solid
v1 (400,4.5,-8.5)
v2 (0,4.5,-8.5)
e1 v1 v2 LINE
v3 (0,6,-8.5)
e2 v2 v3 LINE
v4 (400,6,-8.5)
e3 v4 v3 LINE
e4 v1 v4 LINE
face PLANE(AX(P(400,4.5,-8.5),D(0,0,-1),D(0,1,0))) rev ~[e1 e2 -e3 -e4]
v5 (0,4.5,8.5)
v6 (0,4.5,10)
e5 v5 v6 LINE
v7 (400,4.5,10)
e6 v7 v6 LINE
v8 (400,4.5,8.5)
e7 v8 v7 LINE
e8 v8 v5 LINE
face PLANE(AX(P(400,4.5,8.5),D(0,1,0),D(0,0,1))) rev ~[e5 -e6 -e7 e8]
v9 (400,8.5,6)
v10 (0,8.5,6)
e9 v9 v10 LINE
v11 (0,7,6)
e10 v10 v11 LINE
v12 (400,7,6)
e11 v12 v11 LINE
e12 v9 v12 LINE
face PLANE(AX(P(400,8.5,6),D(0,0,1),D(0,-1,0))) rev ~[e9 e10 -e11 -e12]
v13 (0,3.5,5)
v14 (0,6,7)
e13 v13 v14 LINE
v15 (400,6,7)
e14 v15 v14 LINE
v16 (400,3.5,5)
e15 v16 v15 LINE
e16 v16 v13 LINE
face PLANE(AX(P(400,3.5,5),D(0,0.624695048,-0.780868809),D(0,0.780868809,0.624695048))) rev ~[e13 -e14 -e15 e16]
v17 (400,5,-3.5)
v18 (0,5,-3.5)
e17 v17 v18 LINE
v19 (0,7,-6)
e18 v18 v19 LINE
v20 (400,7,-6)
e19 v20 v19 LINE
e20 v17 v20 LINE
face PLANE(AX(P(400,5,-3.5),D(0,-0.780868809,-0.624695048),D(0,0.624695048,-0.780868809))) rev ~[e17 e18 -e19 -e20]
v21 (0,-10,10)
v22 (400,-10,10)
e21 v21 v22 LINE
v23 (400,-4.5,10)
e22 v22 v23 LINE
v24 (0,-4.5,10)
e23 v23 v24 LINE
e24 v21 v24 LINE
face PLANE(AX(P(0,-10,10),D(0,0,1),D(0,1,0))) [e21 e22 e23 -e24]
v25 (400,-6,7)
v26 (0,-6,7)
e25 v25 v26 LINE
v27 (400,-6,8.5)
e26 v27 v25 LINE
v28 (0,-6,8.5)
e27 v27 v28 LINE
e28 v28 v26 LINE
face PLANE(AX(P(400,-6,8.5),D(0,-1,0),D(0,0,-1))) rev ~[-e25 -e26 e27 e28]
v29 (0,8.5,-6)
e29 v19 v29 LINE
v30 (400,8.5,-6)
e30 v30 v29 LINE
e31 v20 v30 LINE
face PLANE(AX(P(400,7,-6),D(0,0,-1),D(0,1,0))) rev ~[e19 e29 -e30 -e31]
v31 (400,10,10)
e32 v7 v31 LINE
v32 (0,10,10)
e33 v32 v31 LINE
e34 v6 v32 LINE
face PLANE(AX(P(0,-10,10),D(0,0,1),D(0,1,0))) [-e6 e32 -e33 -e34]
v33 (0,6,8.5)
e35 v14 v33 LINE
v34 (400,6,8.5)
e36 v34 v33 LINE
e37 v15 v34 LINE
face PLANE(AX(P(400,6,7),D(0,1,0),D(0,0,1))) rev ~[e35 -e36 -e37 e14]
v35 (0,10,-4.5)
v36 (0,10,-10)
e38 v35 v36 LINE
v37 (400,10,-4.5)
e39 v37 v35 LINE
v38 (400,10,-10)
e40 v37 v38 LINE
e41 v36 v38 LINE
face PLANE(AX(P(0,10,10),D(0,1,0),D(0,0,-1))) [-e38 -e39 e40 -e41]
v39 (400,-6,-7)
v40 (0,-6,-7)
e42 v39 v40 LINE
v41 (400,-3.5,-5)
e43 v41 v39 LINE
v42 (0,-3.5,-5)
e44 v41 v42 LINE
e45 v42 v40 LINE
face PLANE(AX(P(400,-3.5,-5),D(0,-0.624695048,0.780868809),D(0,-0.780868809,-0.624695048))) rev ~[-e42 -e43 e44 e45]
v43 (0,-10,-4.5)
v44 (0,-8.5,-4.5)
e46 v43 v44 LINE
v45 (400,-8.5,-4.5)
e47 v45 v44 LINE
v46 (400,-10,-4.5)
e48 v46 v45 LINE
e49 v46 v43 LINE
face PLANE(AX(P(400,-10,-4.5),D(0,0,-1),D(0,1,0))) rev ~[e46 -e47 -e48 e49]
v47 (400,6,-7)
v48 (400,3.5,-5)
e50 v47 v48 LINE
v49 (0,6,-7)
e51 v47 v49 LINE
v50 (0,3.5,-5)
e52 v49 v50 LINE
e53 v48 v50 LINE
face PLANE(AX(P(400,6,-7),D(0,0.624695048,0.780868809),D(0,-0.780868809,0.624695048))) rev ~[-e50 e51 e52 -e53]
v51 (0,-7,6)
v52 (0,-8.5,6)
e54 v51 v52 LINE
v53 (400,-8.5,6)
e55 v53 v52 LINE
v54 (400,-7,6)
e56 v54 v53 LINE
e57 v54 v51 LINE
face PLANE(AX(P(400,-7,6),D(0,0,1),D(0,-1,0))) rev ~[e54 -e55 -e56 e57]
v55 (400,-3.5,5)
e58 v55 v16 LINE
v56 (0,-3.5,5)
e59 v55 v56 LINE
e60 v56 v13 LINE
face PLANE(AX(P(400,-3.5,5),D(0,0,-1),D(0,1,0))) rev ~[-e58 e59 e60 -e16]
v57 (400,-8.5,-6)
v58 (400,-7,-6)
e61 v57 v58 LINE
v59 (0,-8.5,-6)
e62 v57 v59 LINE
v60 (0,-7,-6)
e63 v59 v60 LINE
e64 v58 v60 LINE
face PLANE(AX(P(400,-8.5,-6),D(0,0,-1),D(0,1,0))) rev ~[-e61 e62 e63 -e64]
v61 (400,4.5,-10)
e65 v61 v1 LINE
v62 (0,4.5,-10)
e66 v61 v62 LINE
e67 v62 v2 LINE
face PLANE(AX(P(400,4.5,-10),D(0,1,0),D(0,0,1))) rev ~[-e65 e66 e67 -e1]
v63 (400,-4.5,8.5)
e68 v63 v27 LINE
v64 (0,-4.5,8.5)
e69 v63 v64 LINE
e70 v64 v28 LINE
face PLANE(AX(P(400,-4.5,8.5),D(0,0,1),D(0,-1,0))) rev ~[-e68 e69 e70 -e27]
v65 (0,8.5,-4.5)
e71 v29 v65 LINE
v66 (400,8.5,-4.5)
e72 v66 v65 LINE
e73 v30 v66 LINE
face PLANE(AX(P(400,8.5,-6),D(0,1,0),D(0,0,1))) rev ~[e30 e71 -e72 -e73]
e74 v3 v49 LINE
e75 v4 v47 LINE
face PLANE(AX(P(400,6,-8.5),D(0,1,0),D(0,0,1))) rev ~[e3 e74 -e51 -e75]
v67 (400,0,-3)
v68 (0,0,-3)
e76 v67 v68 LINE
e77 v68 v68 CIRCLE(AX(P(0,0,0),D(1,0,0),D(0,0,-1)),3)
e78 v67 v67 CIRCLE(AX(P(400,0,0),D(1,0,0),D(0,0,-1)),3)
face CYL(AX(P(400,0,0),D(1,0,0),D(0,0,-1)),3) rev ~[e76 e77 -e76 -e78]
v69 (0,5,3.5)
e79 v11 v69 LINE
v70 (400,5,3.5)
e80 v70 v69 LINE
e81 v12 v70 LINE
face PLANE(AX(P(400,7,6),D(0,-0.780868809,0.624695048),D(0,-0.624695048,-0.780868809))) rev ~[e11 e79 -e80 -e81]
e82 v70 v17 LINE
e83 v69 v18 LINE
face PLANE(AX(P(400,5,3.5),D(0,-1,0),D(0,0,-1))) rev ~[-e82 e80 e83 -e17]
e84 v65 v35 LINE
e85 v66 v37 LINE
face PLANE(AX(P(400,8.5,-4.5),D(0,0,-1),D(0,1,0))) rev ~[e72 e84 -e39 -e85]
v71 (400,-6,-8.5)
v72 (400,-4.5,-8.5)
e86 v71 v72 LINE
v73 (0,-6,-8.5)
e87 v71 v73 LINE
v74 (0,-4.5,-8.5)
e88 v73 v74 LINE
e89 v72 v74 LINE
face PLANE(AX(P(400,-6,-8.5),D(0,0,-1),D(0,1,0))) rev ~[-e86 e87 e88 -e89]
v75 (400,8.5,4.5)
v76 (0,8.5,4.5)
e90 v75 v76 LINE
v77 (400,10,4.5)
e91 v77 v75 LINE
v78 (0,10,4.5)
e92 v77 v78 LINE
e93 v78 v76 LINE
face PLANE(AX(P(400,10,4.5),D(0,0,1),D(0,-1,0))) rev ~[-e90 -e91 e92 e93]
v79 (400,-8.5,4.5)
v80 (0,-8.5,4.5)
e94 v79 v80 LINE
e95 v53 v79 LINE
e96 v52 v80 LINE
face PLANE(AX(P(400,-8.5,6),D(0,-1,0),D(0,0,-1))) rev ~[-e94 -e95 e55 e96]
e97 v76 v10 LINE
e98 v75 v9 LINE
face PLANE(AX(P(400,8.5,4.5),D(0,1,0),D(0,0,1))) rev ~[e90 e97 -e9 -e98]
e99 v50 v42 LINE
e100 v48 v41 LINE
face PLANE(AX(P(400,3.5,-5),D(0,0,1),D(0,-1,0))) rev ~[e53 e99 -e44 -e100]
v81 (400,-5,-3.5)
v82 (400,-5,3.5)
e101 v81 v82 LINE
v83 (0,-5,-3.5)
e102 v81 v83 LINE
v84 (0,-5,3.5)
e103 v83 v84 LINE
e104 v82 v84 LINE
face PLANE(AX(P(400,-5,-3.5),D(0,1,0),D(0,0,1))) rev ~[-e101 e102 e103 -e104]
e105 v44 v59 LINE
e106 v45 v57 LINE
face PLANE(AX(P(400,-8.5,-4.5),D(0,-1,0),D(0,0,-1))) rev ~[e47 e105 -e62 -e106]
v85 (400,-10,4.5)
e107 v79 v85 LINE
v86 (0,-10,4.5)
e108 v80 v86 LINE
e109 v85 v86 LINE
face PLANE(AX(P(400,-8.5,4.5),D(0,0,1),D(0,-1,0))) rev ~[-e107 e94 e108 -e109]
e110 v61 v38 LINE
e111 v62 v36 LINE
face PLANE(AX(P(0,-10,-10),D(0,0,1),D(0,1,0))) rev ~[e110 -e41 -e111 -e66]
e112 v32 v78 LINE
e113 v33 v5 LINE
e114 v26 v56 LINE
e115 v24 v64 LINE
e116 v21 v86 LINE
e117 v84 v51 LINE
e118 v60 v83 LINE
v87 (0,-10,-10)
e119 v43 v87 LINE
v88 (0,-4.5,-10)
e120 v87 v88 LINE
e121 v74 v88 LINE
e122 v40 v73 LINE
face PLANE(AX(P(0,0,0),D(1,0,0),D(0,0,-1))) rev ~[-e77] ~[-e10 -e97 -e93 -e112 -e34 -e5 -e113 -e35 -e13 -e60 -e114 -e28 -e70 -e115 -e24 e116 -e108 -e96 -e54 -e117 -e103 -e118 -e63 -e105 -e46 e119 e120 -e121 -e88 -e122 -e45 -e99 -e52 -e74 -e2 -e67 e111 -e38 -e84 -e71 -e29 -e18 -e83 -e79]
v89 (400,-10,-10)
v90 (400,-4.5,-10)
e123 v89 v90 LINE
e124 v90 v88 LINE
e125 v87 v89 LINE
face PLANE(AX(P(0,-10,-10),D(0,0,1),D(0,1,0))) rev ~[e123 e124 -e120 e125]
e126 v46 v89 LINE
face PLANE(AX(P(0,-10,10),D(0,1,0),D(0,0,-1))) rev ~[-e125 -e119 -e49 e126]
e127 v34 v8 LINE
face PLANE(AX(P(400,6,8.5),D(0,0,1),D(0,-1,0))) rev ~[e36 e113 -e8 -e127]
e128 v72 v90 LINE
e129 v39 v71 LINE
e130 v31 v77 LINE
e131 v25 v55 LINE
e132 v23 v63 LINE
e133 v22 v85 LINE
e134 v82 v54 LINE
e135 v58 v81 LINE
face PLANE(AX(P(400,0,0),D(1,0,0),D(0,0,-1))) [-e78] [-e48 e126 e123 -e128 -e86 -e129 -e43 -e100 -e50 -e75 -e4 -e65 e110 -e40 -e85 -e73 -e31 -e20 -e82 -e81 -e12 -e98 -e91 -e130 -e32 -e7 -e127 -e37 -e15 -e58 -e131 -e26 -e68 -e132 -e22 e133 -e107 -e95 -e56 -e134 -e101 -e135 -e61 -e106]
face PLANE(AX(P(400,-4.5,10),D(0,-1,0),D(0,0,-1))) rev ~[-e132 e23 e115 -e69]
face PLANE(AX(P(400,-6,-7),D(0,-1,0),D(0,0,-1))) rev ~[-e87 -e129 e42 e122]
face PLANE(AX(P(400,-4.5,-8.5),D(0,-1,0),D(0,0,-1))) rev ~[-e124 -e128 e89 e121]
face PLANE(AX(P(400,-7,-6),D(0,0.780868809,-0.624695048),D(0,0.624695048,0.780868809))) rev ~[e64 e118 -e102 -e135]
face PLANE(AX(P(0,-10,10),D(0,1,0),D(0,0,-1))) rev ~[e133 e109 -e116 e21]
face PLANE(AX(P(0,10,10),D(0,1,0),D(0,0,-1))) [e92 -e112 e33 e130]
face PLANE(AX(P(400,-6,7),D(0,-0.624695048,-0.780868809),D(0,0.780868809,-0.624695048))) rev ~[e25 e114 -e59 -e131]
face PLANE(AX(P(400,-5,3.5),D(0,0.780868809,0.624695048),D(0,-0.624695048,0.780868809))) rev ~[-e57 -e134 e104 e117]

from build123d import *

# Parameters (mm, degrees)
SKETCH1_W           = 20
SKETCH1_H           = 20
BOSS_EXTRUDE1_DEPTH = 400
SKETCH2_R           = 3
CUT_EXTRUDE1_DEPTH  = 401.249921924
CUT_EXTRUDE2_DEPTH  = 401.249921924
CIRPATTERN1_COUNT   = 4


with BuildPart() as part:
    # Sketch1 → Boss-Extrude1 (new body)
    with BuildSketch(Plane(origin=(0, 0, 0), x_dir=(0, 0, -1), z_dir=(1, 0, 0))):
        Rectangle(SKETCH1_W, SKETCH1_H)
    extrude(amount=BOSS_EXTRUDE1_DEPTH)

    # Sketch2 → Cut-Extrude1 (cut, through all)
    with BuildSketch(Plane(origin=(400, 0, 0), x_dir=(0, 0, -1), z_dir=(1, 0, 0))):
        Circle(SKETCH2_R)
    extrude(amount=-CUT_EXTRUDE1_DEPTH, mode=Mode.SUBTRACT)

    # Sketch2<3> → Cut-Extrude2 (cut, through all)
    with BuildSketch(Plane(origin=(400, 0, 0), x_dir=(0, 0, -1), z_dir=(1, 0, 0))):
        Polygon((-3.5, 5), (3.5, 5), (6, 7), (6, 8.5), (4.5, 8.5), (4.5, 10), (-4.5, 10), (-4.5, 8.5), (-6, 8.5), (-6, 7), align=None)
    cut_extrude2 = extrude(amount=-CUT_EXTRUDE2_DEPTH, mode=Mode.SUBTRACT)

    # CirPattern1: Cut-Extrude2 ×4 about axis
    cirpattern1_axis = Axis((0, 0, 0), (1, 0, 0))
    for i in range(1, CIRPATTERN1_COUNT):
        add(cut_extrude2.rotate(cirpattern1_axis, i * 360 / CIRPATTERN1_COUNT), mode=Mode.SUBTRACT)


solid = part.part
